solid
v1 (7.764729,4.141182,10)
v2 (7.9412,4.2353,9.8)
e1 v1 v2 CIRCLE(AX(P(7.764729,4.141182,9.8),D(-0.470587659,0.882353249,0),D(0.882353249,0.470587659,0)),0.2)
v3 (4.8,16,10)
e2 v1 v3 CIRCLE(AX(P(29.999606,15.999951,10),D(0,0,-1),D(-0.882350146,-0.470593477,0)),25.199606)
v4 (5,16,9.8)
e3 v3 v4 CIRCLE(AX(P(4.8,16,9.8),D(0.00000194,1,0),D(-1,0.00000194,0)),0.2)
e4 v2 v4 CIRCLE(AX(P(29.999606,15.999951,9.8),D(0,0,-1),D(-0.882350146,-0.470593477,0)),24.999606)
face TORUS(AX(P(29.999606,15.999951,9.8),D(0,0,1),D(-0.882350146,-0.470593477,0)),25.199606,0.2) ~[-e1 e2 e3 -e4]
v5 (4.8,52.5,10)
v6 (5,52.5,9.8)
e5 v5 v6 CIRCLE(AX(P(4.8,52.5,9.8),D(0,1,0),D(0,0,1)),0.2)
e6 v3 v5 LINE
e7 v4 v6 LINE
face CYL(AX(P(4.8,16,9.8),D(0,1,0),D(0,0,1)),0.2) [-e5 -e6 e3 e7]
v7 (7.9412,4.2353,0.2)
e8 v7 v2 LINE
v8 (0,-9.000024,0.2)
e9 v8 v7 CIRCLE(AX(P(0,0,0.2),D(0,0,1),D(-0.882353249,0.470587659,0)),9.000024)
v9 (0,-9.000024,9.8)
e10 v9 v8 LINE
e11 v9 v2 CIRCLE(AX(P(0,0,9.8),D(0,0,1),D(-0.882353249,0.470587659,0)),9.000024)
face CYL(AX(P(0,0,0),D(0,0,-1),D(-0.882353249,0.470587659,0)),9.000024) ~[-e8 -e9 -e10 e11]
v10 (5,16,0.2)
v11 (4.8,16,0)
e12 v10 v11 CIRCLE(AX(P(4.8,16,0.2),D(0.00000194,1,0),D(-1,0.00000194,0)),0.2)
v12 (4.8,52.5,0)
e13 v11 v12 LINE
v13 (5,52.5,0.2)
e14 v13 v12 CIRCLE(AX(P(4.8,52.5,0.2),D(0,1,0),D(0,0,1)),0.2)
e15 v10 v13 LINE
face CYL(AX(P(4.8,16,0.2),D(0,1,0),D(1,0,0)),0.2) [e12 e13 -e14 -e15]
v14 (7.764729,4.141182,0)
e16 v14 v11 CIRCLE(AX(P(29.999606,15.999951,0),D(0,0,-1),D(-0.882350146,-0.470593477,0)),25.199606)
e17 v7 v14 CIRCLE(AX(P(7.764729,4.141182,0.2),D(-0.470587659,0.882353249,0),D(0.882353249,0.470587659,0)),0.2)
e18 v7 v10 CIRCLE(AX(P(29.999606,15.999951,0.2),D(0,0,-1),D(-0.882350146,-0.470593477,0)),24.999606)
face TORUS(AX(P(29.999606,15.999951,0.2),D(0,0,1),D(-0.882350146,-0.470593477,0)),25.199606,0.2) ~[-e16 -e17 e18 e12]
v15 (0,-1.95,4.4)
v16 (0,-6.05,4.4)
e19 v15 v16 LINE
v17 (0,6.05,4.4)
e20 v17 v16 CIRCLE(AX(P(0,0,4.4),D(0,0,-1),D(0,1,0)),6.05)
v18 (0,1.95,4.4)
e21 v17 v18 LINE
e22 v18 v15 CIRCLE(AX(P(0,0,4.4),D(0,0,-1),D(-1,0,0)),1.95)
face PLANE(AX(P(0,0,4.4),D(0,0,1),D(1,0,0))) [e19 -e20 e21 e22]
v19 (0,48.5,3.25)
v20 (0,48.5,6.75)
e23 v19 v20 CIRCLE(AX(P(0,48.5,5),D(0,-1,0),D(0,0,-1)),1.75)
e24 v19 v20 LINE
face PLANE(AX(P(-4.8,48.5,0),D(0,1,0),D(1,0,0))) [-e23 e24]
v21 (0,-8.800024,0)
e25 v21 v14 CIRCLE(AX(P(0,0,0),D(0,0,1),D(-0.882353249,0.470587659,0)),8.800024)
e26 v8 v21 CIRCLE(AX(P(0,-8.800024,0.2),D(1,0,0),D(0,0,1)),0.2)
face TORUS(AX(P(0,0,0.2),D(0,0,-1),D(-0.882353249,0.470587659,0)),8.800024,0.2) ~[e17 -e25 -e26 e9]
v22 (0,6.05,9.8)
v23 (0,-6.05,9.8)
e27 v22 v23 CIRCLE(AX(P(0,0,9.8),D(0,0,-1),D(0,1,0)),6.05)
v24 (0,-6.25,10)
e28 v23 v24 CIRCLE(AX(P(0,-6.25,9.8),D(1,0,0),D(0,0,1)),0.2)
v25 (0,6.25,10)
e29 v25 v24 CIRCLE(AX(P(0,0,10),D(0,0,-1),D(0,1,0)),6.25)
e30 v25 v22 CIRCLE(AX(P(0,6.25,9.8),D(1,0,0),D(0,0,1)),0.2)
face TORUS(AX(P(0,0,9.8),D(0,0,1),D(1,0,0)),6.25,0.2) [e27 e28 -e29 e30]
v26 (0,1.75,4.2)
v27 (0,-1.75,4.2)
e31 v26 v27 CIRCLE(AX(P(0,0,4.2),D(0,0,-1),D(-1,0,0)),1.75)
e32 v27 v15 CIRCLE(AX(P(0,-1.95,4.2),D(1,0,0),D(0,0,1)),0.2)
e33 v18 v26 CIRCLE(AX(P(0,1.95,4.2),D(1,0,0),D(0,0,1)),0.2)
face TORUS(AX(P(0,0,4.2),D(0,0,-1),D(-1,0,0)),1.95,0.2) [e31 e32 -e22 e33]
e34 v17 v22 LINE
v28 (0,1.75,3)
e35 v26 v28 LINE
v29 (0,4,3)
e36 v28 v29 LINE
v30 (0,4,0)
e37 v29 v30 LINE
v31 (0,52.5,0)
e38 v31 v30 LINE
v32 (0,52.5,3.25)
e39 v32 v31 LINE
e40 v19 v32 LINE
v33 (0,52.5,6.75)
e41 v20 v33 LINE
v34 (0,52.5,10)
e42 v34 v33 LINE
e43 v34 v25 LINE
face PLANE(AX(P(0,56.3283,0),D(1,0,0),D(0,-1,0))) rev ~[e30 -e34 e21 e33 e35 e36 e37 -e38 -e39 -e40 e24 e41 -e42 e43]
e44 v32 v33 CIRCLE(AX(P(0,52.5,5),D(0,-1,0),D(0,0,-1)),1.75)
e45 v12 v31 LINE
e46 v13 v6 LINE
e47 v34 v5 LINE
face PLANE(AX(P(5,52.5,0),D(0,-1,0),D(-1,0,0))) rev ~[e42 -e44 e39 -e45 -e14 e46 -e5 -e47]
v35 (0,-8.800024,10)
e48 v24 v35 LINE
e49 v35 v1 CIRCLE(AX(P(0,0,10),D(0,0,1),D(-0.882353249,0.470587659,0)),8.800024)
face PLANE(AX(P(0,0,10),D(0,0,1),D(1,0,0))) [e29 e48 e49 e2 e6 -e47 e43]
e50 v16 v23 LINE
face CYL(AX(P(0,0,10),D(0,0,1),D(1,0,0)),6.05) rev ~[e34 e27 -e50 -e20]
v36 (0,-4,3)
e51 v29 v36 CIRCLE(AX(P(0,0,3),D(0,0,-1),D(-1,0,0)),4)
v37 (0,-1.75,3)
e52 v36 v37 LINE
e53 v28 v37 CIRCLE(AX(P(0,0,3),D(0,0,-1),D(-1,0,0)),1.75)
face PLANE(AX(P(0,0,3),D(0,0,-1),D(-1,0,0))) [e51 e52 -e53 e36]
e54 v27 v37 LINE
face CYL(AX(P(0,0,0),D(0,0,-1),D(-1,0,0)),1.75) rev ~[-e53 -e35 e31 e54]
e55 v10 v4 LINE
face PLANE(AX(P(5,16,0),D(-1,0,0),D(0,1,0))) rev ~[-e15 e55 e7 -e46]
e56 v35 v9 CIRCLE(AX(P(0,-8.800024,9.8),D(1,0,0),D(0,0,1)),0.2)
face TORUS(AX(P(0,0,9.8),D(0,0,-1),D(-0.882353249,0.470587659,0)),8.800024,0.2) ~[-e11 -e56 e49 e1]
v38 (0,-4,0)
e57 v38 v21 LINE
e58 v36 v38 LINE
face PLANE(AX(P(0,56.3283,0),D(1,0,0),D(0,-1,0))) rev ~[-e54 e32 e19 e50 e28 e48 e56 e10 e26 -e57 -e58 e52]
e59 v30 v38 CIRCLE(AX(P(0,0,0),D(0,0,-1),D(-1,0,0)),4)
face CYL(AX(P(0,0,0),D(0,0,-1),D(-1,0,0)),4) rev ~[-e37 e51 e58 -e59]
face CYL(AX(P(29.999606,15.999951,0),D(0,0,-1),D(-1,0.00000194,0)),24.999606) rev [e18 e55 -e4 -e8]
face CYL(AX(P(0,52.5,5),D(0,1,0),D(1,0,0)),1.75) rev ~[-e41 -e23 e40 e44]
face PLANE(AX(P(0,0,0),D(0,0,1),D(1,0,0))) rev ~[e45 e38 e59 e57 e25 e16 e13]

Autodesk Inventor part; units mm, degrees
ref_plane "YZ Plane" through (0, 0, 0) normal (1, 0, 0) x (0, 1, 0)
ref_plane "XZ Plane" through (0, 0, 0) normal (0, 1, 0) x (-1, 0, 0)
ref_plane "XY Plane" through (0, 0, 0) normal (0, 0, 1) x (1, 0, 0)
sketch "Skizze1" plane through (0, 0, 0) normal (0, 0, 1) x (1, 0, 0)
  line L0 (5, 52.5) -> (-5, 52.5)
  line L1 (-5, 52.5) -> (-5, 16)
  line L2 (5, 16) -> (5, 52.5)
  arc A0 (-7.9412, 4.2353) -> (7.9412, 4.2353) centre (0, 0) ccw
  arc A1 (5, 16) -> (7.9412, 4.2353) centre (30, 16) ccw
  arc A2 (-7.9412, 4.2353) -> (-5, 16) centre (-30, 16) ccw
  line L3 (0, -25.0931) -> (0, 22.9698)
  line L4 (0, 68.0186) -> (0, -40.6118) projected
  point P0 (0, 0)
  point P1 (0, 0)
  point P2 (-5, 7.4833)
  point P3 (5, 7.4833)
  dimension "d1" = 18
  dimension "d4" = 25
  dimension "d7" = 0
  dimension "d8" = 52.5
  dimension "d9" = 0
  dimension "d10" = 0
  dimension "d20" = 5
  dimension "d21" = 5
extrude "Extrusion1" add sketch "Skizze1" along normal blind 10
sketch "Skizze4" plane through (0, 0, 10) normal (0, 0, 1) x (1, 0, 0)
  circle A0 centre (0, 0) radius 6.05
  dimension "d22" = 12.1
extrude "Extrusion2" cut sketch "Skizze4" against normal blind 5.6
fillet "Rundung1" radius 0.2 1 edges at (-6.05, 0, 10)
fillet "Rundung2" radius 0.2 10 edges at (5, 34.25, 10) (0, -9, 10) (-5.7464, 9.9366, 10) (-5, 34.25, 10) (5.7464, 9.9366, 10) (5, 34.25, 0) (0, -9, 0) (-5.7464, 9.9366, 0) (-5, 34.25, 0) (5.7464, 9.9366, 0)
sketch "Skizze5" plane through (0, 0, 0) normal (0, 0, -1) x (-1, 0, 0)
  circle A0 centre (0, 0) radius 1.75
  dimension "d27" = 3.5
extrude "Extrusion3" cut sketch "Skizze5" against normal up to next
fillet "Rundung3" radius 0.2 2 edges at (1.75, 0, 0) (1.75, 0, 4.4)
sketch "Skizze6" plane through (-4.8, 52.5, 0) normal (0, 1, 0) x (1, 0, 0)
  circle A0 centre (4.8, -5) radius 1.75
  line L0 (9.6, -10) -> (0, -10) projected
  line L1 (9.8, -0.2) -> (9.8, -9.8) projected
  point P0 (4.8, 0)
  dimension "d31" = 3.5
  dimension "d32" = 5
  dimension "d33" = 5
extrude "Extrusion4" cut sketch "Skizze6" against normal blind 4
sketch "Skizze7" plane through (0, 0, 0) normal (0, 0, -1) x (-1, 0, 0)
  circle A0 centre (0, 0) radius 4
  dimension "d36" = 8
extrude "Extrusion5" cut sketch "Skizze7" against normal blind 3
sketch "Skizze8" plane through (0, 0, 0) normal (0, 0, -1) x (-1, 0, 0)
  line L0 (0, -13.3377) -> (18.2323, -13.3377)
  line L1 (18.2323, -13.3377) -> (18.2323, 56.3283)
  line L2 (18.2323, 56.3283) -> (0, 56.3283)
  line L3 (0, 56.3283) -> (0, -13.3377)
  point P0 (0, 0)
extrude "Extrusion6" cut sketch "Skizze8" against normal up to next
properties part number "alternativeJoint2"
